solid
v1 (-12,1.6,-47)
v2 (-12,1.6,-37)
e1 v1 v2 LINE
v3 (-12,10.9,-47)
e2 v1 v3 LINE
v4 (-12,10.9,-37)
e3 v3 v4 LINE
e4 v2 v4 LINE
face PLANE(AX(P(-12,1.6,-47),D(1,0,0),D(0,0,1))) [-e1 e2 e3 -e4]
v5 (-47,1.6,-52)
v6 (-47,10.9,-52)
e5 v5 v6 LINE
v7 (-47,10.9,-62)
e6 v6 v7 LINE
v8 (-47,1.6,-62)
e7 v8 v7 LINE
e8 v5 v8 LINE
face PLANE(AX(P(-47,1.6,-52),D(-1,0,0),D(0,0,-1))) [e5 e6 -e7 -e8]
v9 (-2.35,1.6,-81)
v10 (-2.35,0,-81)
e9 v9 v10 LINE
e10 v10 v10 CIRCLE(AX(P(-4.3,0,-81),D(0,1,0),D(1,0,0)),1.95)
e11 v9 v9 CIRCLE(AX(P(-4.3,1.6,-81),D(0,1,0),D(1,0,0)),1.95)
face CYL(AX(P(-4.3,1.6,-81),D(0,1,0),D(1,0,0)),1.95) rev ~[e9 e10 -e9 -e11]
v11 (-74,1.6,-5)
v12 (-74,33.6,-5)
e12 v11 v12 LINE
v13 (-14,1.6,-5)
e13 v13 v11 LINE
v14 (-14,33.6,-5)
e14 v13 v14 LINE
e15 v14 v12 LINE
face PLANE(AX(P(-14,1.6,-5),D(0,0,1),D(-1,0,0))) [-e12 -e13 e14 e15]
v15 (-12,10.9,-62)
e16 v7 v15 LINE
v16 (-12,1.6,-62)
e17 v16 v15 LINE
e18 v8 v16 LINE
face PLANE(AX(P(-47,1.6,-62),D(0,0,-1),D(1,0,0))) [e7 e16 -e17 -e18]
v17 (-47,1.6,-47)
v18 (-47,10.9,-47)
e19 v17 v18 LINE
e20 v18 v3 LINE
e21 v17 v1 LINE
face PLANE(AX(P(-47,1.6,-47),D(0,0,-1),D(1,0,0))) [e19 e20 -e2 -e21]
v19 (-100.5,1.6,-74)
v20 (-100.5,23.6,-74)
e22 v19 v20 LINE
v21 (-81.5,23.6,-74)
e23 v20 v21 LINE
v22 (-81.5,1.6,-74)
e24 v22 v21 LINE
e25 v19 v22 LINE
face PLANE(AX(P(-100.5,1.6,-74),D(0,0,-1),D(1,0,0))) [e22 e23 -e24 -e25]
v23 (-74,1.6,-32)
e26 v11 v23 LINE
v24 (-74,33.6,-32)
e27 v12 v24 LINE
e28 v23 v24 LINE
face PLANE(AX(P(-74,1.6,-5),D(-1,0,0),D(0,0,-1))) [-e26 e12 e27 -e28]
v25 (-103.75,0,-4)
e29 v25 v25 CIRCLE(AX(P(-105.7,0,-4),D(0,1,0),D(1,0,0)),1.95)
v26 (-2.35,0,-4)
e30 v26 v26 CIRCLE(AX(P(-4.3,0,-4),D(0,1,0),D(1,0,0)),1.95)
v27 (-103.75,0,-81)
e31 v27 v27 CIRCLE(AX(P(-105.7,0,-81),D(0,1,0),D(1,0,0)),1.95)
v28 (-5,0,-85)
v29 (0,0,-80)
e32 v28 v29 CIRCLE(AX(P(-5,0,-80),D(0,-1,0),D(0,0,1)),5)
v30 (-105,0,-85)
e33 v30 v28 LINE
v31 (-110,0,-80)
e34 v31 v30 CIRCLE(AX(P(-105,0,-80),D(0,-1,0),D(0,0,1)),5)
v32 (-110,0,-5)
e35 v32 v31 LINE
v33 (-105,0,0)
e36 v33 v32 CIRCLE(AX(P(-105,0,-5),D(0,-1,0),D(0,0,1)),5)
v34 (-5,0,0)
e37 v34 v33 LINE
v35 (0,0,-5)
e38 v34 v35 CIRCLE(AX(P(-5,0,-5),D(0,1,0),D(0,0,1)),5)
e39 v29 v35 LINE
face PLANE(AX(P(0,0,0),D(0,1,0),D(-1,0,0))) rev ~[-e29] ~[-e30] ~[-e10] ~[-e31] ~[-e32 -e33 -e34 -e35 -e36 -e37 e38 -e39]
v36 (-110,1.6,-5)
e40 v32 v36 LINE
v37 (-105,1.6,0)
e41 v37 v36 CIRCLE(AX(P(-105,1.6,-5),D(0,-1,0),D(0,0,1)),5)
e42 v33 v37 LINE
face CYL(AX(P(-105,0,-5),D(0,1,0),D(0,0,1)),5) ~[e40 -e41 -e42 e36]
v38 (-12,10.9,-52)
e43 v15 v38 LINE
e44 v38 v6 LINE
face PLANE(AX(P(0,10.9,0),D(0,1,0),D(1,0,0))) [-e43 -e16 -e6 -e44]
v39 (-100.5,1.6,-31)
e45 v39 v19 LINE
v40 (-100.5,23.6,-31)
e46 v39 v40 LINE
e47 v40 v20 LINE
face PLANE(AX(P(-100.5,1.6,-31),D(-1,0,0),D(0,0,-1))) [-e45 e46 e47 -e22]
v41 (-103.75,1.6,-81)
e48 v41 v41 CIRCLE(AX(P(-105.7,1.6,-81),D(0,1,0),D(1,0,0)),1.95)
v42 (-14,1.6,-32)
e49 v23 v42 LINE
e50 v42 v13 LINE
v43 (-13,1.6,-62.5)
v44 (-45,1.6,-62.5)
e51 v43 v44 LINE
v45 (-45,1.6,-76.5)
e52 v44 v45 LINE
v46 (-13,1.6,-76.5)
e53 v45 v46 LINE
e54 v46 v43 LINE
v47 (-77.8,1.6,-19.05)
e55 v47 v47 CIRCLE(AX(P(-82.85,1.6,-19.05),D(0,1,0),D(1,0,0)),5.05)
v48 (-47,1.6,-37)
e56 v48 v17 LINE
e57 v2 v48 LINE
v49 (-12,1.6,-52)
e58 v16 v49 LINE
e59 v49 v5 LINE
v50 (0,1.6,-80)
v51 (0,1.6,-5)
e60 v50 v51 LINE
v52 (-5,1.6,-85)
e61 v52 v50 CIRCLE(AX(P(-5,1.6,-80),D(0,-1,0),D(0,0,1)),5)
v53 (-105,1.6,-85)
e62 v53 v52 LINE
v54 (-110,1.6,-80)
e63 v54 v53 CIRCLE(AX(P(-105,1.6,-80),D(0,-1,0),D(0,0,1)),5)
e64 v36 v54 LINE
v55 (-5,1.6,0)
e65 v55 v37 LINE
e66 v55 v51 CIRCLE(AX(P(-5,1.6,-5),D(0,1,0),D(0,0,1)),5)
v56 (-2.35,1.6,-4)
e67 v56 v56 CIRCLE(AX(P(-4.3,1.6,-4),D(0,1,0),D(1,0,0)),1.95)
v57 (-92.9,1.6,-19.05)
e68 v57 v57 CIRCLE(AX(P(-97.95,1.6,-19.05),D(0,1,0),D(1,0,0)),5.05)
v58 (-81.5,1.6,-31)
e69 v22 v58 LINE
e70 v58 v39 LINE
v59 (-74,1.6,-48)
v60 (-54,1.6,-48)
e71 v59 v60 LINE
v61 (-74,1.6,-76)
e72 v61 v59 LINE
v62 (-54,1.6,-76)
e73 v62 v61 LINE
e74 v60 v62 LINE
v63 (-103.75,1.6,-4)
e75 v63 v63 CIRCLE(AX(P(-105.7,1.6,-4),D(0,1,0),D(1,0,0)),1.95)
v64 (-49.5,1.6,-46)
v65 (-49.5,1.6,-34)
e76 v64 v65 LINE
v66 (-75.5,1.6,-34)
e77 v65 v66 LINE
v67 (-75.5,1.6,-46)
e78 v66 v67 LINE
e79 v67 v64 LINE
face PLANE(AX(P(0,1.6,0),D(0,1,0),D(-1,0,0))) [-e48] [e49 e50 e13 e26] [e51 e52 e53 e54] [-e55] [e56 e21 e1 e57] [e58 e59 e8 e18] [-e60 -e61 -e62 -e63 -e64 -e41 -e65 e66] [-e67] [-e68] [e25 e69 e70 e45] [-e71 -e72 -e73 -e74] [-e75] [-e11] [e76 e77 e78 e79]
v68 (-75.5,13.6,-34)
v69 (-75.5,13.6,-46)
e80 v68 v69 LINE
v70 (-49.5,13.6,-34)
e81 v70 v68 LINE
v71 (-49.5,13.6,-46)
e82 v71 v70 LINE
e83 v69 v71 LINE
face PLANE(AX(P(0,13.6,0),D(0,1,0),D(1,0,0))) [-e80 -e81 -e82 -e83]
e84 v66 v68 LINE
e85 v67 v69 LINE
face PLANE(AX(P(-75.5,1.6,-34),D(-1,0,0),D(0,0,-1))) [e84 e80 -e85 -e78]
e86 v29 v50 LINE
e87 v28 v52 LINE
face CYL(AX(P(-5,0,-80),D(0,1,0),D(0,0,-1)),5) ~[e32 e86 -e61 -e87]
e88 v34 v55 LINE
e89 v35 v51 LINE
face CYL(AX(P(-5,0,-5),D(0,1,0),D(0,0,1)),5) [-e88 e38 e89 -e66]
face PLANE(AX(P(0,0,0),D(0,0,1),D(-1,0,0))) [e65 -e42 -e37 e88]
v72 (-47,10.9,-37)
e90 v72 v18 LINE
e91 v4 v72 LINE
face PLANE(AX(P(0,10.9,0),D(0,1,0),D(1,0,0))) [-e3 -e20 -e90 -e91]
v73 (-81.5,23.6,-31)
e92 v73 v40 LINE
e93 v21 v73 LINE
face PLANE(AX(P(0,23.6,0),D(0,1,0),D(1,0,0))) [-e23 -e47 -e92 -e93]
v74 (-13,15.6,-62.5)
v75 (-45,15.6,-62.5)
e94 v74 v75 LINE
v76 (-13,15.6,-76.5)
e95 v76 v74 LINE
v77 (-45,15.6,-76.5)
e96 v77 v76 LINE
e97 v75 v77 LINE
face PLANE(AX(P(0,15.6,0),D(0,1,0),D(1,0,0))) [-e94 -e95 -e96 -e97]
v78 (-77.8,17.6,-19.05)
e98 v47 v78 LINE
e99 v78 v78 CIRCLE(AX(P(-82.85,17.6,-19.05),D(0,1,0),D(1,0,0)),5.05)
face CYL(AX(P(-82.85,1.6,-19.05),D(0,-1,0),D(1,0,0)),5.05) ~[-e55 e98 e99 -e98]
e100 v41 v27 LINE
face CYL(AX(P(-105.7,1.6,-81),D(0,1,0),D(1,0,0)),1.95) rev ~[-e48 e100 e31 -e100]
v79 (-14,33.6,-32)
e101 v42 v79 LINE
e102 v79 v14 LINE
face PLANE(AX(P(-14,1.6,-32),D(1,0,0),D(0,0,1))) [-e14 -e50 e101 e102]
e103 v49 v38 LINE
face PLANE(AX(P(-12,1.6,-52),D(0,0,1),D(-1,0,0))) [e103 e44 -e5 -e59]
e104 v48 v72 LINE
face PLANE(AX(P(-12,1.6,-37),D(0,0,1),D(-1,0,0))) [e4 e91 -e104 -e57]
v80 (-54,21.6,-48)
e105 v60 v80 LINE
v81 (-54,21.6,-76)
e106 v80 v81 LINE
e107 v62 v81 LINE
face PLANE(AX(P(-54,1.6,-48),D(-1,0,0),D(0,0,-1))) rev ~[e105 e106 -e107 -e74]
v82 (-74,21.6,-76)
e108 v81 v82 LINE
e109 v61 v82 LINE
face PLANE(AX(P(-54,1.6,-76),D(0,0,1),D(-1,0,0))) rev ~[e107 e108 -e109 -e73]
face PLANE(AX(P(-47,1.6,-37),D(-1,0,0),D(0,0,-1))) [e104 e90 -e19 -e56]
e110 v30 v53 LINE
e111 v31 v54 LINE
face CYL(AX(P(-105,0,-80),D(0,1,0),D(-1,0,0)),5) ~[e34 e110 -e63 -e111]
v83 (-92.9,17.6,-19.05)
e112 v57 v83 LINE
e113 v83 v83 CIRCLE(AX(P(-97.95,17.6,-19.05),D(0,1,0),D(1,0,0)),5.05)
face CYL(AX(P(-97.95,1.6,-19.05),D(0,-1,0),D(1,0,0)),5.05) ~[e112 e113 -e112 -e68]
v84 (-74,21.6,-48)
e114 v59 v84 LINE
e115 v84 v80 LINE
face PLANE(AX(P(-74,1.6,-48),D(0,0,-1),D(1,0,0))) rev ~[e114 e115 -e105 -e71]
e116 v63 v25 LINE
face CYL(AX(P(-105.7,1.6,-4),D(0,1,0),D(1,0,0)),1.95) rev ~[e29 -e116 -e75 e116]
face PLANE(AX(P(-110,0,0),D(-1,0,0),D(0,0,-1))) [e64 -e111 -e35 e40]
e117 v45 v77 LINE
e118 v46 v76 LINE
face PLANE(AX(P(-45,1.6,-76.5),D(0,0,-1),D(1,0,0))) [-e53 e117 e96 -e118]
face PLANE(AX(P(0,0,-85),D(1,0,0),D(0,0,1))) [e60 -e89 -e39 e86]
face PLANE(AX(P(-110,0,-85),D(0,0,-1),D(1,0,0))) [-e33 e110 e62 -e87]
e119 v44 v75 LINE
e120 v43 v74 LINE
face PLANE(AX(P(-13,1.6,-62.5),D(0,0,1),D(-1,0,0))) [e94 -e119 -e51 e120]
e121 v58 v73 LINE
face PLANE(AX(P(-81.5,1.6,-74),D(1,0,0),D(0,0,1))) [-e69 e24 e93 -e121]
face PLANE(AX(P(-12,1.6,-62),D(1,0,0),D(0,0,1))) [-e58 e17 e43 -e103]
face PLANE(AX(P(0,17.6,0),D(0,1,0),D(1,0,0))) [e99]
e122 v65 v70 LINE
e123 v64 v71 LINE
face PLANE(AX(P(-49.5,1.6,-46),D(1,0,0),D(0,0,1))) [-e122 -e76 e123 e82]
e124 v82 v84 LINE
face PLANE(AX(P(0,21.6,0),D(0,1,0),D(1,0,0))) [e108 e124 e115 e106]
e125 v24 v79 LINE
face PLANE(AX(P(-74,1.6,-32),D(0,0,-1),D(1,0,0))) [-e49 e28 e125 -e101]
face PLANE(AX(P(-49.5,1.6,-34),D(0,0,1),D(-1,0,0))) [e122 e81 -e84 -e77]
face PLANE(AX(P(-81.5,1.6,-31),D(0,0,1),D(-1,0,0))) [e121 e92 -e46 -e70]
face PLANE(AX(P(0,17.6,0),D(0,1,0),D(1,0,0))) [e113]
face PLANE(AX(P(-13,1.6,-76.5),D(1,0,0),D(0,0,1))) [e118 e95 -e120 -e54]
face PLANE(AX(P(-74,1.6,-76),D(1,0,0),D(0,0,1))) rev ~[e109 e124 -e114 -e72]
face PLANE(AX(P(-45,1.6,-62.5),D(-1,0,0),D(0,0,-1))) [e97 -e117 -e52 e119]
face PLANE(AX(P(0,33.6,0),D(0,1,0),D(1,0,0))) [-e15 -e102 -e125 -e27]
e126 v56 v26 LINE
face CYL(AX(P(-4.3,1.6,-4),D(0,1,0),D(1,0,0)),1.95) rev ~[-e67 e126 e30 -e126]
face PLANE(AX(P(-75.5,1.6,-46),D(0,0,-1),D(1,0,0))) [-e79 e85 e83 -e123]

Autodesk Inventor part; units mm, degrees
ref_plane "YZ Plane" through (0, 0, 0) normal (1, 0, 0) x (0, 1, 0)
ref_plane "XZ Plane" through (0, 0, 0) normal (0, 1, 0) x (-1, 0, 0)
ref_plane "XY Plane" through (0, 0, 0) normal (0, 0, 1) x (1, 0, 0)
sketch "Sketch1" plane through (0, 0, 0) normal (0, 1, 0) x (-1, 0, 0)
  line L0 (0, 0) -> (110, 0)
  line L1 (110, 0) -> (110, -85)
  line L2 (110, -85) -> (0, -85)
  line L3 (0, -85) -> (0, 0)
  dimension "d0" = 85
  dimension "d1" = 110
extrude "Extrusion1" add sketch "Sketch1" along normal blind 1.6
fillet "Fillet1" radius 5 4 edges at (0, 0.8, -85) (0, 0.8, 0) (-110, 0.8, 0) (-110, 0.8, -85)
sketch "Sketch2" plane through (0, 1.6, 0) normal (0, 1, 0) x (1, 0, 0)
  circle A0 centre (-4.3, 4) radius 1.95
  circle A1 centre (-4.3, 81) radius 1.95
  circle A2 centre (-105.7, 81) radius 1.95
  circle A3 centre (-105.7, 4) radius 1.95
  line L0 (-110, 80) -> (-110, 5) projected
  line L1 (-5, 85) -> (-105, 85) projected
  line L2 (-105, 0) -> (-5, 0) projected
  line L3 (0, 5) -> (0, 80) projected
  point P0 (0, 0)
  dimension "d5" = 3.9
  dimension "d6" = 3.9
  dimension "d7" = 3.9
  dimension "d8" = 3.9
  dimension "d9" = 4.3
  dimension "d10" = 4
  dimension "d11" = 4.3
  dimension "d12" = 4
  dimension "d13" = 4.3
  dimension "d14" = 4
  dimension "d15" = 4.3
  dimension "d16" = 4
extrude "Extrusion2" cut sketch "Sketch2" against normal through all
sketch "Sketch3" plane through (0, 1.6, 0) normal (0, 1, 0) x (1, 0, 0)
  circle A0 centre (-82.85, 19.05) radius 5.05
  circle A1 centre (-97.95, 19.05) radius 5.05
  line L0 (-105, 0) -> (-5, 0) projected
  line L1 (-110, 80) -> (-110, 5) projected
  point P0 (0, 0)
  dimension "d19" = 10.1
  dimension "d20" = 10.1
  dimension "d21" = 19.05
  dimension "d22" = 19.05
  dimension "d23" = 12.05
  dimension "d24" = 15.1
extrude "Extrusion3" add sketch "Sketch3" along normal blind 16
sketch "Sketch4" plane through (0, 1.6, 0) normal (0, 1, 0) x (1, 0, 0)
  line L0 (-14, 5) -> (-74, 5)
  line L1 (-74, 5) -> (-74, 32)
  line L2 (-74, 32) -> (-14, 32)
  line L3 (-14, 32) -> (-14, 5)
  line L4 (-105, 0) -> (-5, 0) projected
  line L5 (0, 5) -> (0, 80) projected
  point P0 (0, 0)
  dimension "d27" = 60
  dimension "d28" = 27
  dimension "d29" = 5
  dimension "d30" = 14
extrude "Extrusion4" add sketch "Sketch4" along normal blind 32
sketch "Sketch5" plane through (0, 1.6, 0) normal (0, 1, 0) x (1, 0, 0)
  line L0 (-81.5, 31) -> (-100.5, 31)
  line L1 (-100.5, 31) -> (-100.5, 74)
  line L2 (-100.5, 74) -> (-81.5, 74)
  line L3 (-81.5, 74) -> (-81.5, 31)
  line L4 (-110, 80) -> (-110, 5) projected
  line L5 (-5, 85) -> (-105, 85) projected
  point P0 (0, 0)
  dimension "d33" = 9.5
  dimension "d34" = 19
  dimension "d35" = 43
  dimension "d36" = 11
extrude "Extrusion5" add sketch "Sketch5" along normal blind 22
sketch "Sketch6" plane through (0, 1.6, 0) normal (0, 1, 0) x (1, 0, 0)
  line L0 (-49.5, 34) -> (-75.5, 34)
  line L1 (-75.5, 34) -> (-75.5, 46)
  line L2 (-75.5, 46) -> (-49.5, 46)
  line L3 (-49.5, 46) -> (-49.5, 34)
  line L4 (-74, 48) -> (-54, 48)
  line L5 (-54, 48) -> (-54, 76)
  line L6 (-54, 76) -> (-74, 76)
  line L7 (-74, 76) -> (-74, 48)
  line L8 (-13, 62.5) -> (-45, 62.5)
  line L9 (-45, 62.5) -> (-45, 76.5)
  line L10 (-45, 76.5) -> (-13, 76.5)
  line L11 (-13, 76.5) -> (-13, 62.5)
  line L12 (-12, 52) -> (-47, 52)
  line L13 (-47, 52) -> (-47, 62)
  line L14 (-47, 62) -> (-12, 62)
  line L15 (-12, 62) -> (-12, 52)
  line L16 (-12, 37) -> (-47, 37)
  line L17 (-47, 37) -> (-47, 47)
  line L18 (-47, 47) -> (-12, 47)
  line L19 (-12, 47) -> (-12, 37)
  line L20 (-5, 85) -> (-105, 85) projected
  line L21 (-81.5, 31) -> (-81.5, 74) projected
  line L22 (-14, 32) -> (-74, 32) projected
  line L23 (0, 5) -> (0, 80) projected
  point P0 (0, 0)
  dimension "d39" = 20
  dimension "d40" = 28
  dimension "d41" = 9
  dimension "d42" = 2
  dimension "d43" = 12
  dimension "d44" = 26
  dimension "d45" = 6
  dimension "d46" = 7.5
  dimension "d47" = 35
  dimension "d48" = 35
  dimension "d49" = 10
  dimension "d50" = 10
  dimension "d51" = 5
  dimension "d52" = 12
  dimension "d53" = 12
  dimension "d54" = 5
  dimension "d55" = 32
  dimension "d56" = 14
  dimension "d57" = 8.5
  dimension "d58" = 13
extrude "Extrusion6" add sketch "Sketch6" along normal blind 20 contours L7 L6 L5 L4
extrude "Extrusion7" add sketch "Sketch6" along normal blind 12 contours L0 L1 L2 L3
extrude "Extrusion8" add sketch "Sketch6" along normal blind 9.3 contours L12 L13 L14 L15 | L16 L17 L18 L19
extrude "Extrusion9" add sketch "Sketch6" along normal blind 14 contours L8 L9 L10 L11
equation "\"d6\" = d5"
equation "\"d7\" = d5"
equation "\"d8\" = d7"
equation "\"d11\" = d9"
equation "\"d12\" = d10"
equation "\"d13\" = d9"
equation "\"d14\" = d12"
equation "\"d15\" = d13"
equation "\"d16\" = d14"
equation "\"d19\" = d20"
equation "\"d22\" = d21"
equation "\"d48\" = d47"
equation "\"d50\" = d49"
equation "\"d53\" = d52"
properties part number "3waysplitter"
